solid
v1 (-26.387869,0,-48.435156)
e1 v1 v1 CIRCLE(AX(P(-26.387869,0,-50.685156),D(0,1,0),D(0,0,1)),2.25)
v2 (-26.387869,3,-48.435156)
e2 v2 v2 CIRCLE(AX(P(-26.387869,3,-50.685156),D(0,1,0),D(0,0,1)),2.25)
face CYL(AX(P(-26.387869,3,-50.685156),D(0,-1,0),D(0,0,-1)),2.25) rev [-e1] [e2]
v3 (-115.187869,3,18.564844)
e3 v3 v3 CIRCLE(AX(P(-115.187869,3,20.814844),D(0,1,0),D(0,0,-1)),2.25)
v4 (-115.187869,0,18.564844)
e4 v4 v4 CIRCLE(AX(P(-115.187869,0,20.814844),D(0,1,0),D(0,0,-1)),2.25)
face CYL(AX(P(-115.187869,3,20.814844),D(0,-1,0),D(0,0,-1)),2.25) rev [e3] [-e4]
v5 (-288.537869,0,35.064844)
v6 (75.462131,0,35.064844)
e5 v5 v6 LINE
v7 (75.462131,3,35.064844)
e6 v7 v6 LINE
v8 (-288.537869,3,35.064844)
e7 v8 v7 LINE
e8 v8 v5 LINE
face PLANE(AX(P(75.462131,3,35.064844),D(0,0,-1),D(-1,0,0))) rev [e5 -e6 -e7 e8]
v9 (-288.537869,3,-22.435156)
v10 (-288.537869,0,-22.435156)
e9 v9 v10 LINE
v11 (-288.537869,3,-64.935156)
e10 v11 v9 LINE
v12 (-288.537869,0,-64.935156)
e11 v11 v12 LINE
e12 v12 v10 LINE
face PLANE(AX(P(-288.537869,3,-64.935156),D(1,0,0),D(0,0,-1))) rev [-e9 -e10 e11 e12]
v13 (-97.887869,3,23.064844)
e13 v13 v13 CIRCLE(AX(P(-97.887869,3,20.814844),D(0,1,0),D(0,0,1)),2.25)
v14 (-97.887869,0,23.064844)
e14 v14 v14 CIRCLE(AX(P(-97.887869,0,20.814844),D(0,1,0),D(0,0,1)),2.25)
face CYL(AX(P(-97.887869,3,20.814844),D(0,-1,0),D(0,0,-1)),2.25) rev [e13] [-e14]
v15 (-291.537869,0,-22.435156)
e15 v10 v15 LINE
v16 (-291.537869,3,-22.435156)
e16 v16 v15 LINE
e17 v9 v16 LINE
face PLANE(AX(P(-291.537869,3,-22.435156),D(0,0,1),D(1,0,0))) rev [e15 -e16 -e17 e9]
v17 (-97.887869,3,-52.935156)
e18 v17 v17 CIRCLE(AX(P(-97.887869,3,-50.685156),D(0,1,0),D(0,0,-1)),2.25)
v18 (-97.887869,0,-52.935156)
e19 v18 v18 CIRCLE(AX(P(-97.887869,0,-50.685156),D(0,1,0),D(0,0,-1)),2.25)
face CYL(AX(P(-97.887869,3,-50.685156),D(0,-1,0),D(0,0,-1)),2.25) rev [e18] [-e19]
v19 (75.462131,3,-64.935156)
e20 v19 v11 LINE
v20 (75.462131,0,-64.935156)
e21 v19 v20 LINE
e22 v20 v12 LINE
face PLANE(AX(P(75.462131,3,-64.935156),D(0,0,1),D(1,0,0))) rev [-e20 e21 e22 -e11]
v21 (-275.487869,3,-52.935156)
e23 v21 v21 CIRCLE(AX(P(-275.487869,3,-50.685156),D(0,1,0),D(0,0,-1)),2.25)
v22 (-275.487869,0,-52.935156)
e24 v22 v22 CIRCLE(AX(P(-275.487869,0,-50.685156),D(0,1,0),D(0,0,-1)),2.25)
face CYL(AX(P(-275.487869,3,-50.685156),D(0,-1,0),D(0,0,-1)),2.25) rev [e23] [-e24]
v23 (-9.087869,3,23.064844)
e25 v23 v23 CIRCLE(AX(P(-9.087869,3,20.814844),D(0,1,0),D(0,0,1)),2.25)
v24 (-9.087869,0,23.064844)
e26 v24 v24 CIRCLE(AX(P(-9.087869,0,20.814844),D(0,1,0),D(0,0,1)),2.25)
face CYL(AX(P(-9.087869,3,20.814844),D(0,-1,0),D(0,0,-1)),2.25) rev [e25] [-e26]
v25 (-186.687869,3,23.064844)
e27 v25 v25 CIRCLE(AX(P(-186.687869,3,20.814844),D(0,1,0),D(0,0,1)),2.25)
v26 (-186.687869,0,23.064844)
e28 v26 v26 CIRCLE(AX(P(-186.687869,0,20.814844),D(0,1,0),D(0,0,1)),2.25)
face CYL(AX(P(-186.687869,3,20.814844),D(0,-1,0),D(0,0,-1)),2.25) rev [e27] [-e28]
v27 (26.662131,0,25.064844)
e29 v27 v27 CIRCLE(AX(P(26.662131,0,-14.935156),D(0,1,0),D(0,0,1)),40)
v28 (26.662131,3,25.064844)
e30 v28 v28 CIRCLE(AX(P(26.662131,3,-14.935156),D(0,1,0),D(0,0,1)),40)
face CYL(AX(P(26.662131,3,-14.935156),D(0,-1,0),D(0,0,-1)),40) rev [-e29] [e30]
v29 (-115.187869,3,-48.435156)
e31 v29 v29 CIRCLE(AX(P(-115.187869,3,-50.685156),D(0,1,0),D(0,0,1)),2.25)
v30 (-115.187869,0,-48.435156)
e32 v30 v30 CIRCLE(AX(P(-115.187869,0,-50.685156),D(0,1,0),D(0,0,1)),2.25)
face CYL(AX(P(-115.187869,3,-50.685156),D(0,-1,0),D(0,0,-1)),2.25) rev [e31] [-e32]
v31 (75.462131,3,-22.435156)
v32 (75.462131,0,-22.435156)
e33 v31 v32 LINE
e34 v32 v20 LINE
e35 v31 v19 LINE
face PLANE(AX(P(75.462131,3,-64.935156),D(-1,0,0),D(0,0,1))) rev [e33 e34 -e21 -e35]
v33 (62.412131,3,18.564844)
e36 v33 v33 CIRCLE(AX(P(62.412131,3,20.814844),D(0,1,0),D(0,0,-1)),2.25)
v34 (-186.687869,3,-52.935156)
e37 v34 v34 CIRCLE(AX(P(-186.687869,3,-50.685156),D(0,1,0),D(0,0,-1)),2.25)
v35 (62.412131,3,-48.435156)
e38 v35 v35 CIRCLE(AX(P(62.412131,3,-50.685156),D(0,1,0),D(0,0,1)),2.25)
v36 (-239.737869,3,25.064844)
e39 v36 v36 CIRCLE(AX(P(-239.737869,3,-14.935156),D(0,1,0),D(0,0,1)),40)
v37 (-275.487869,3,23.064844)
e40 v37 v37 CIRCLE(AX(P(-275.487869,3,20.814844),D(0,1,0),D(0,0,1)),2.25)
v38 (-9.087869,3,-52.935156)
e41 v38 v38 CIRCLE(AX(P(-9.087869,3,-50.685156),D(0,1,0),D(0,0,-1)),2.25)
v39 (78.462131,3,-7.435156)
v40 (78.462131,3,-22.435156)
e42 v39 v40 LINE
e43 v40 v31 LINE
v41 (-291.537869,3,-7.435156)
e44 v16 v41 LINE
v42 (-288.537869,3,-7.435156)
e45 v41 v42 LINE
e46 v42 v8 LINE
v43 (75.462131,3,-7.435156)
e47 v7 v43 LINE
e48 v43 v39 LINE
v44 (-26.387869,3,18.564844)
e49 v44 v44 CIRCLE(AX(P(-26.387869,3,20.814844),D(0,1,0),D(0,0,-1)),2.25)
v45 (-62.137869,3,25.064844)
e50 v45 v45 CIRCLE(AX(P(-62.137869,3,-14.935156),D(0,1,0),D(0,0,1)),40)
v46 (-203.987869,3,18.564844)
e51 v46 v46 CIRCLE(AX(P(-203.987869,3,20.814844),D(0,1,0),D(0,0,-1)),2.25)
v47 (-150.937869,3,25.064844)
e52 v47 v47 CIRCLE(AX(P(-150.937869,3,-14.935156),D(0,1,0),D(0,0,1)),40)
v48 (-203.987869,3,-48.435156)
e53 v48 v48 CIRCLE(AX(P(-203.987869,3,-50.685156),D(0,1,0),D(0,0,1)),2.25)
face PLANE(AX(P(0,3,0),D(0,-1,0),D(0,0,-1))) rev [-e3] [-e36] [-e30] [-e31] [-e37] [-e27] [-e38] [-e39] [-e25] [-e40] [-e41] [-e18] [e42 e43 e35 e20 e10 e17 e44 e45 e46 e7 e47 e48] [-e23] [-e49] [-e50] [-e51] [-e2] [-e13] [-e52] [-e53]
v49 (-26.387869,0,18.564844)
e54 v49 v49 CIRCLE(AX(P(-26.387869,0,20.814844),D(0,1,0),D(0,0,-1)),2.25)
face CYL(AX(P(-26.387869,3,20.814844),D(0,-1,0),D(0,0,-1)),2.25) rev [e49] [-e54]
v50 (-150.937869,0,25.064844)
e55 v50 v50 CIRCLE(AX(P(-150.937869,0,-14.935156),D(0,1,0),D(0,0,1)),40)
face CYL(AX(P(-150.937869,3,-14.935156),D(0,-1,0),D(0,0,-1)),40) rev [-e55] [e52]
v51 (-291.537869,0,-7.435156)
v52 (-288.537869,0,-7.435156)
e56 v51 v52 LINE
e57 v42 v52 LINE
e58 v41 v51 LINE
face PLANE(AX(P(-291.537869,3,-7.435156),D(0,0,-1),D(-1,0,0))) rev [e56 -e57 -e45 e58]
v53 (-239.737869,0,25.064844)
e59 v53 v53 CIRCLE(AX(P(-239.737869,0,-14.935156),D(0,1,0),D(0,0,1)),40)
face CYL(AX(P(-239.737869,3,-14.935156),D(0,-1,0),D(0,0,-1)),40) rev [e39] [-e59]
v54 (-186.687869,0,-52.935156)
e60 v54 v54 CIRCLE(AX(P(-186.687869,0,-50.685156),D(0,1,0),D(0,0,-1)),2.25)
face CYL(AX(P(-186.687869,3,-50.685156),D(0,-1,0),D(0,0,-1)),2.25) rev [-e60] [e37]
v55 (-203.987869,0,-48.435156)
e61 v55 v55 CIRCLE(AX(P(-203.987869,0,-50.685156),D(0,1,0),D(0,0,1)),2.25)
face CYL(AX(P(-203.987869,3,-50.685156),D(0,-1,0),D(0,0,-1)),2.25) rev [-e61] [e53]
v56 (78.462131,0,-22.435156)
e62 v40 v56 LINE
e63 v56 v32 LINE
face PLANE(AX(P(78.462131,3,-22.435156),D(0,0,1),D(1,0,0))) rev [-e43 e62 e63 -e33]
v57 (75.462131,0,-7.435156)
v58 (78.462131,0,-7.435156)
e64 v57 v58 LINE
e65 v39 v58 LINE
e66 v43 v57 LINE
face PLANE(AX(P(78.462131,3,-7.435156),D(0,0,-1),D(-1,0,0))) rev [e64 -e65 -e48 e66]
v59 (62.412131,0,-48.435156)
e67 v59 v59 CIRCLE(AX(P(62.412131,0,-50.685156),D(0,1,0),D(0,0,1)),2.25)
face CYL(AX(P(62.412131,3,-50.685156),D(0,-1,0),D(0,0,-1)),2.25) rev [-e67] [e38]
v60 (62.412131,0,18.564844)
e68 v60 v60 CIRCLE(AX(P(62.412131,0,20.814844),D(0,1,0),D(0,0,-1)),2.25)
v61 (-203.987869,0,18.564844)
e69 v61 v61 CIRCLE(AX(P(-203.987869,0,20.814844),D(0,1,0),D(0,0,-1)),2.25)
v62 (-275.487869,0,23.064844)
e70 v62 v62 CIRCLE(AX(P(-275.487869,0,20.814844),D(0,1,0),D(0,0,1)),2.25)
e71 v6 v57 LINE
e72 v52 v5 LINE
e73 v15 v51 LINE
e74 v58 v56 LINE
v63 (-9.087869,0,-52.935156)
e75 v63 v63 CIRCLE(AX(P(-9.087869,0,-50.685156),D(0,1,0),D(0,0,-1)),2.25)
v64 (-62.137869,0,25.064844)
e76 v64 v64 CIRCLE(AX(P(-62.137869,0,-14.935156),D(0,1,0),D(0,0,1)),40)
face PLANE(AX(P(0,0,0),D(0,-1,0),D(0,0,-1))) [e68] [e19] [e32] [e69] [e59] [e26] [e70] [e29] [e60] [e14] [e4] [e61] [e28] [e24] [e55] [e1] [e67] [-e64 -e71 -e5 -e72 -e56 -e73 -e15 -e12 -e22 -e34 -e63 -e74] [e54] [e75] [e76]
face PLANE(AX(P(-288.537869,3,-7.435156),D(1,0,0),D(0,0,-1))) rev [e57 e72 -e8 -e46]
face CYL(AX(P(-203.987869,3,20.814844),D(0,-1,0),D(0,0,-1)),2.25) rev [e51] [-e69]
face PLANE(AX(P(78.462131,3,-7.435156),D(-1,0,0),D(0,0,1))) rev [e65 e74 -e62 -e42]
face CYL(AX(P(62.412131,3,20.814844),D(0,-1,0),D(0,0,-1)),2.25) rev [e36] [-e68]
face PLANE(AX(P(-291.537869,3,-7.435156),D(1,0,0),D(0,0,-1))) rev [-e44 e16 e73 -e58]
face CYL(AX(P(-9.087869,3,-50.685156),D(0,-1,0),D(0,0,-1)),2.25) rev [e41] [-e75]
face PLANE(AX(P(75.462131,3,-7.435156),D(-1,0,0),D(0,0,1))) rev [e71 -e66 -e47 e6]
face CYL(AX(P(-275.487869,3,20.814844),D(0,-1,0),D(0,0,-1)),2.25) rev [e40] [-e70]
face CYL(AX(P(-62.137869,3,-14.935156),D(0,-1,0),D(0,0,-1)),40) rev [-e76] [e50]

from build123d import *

# Parameters (mm, degrees)
SKETCH1_R           = 40
SKETCH1_R_2         = 2.25
BOSS_EXTRUDE1_DEPTH = 3


with BuildPart() as part:
    # Sketch1 → Boss-Extrude1 (new body)
    with BuildSketch(Plane(origin=(0, 0, 0), x_dir=(1, 0, 0), z_dir=(0, 1, 0))):
        Polygon((75.462130999, 64.93515636), (-288.537869001, 64.93515636), (-288.537869001, 22.43515636), (-291.537869001, 22.43515636), (-291.537869001, 7.43515636), (-288.537869001, 7.43515636), (-288.537869001, -35.06484364), (75.462130999, -35.06484364), (75.462130999, 7.43515636), (78.462130999, 7.43515636), (78.462130999, 22.43515636), (75.462130999, 22.43515636), align=None)
        with Locations(Location((-239.737869001, 14.93515636, 0), (0, 0, 270))):
            Circle(SKETCH1_R, mode=Mode.SUBTRACT)
        with Locations(Location((-203.987869001, 50.68515636, 0), (0, 0, 270))):
            Circle(SKETCH1_R_2, mode=Mode.SUBTRACT)
        with Locations(Location((-203.987869001, -20.81484364, 0), (0, 0, 90))):
            Circle(SKETCH1_R_2, mode=Mode.SUBTRACT)
        with Locations(Location((-275.487869001, -20.81484364, 0), (0, 0, 270))):
            Circle(SKETCH1_R_2, mode=Mode.SUBTRACT)
        with Locations(Location((-275.487869001, 50.68515636, 0), (0, 0, 90))):
            Circle(SKETCH1_R_2, mode=Mode.SUBTRACT)
        with Locations(Location((-186.687869001, 50.68515636, 0), (0, 0, 90))):
            Circle(SKETCH1_R_2, mode=Mode.SUBTRACT)
        with Locations(Location((-150.937869001, 14.93515636, 0), (0, 0, 270))):
            Circle(SKETCH1_R, mode=Mode.SUBTRACT)
        with Locations(Location((-115.187869001, 50.68515636, 0), (0, 0, 270))):
            Circle(SKETCH1_R_2, mode=Mode.SUBTRACT)
        with Locations(Location((-186.687869001, -20.81484364, 0), (0, 0, 270))):
            Circle(SKETCH1_R_2, mode=Mode.SUBTRACT)
        with Locations(Location((-115.187869001, -20.81484364, 0), (0, 0, 90))):
            Circle(SKETCH1_R_2, mode=Mode.SUBTRACT)
        with Locations(Location((-97.887869001, 50.68515636, 0), (0, 0, 90))):
            Circle(SKETCH1_R_2, mode=Mode.SUBTRACT)
        with Locations(Location((-62.137869001, 14.93515636, 0), (0, 0, 270))):
            Circle(SKETCH1_R, mode=Mode.SUBTRACT)
        with Locations(Location((-26.387869001, 50.68515636, 0), (0, 0, 270))):
            Circle(SKETCH1_R_2, mode=Mode.SUBTRACT)
        with Locations(Location((-97.887869001, -20.81484364, 0), (0, 0, 270))):
            Circle(SKETCH1_R_2, mode=Mode.SUBTRACT)
        with Locations(Location((-26.387869001, -20.81484364, 0), (0, 0, 90))):
            Circle(SKETCH1_R_2, mode=Mode.SUBTRACT)
        with Locations(Location((-9.087869001, 50.68515636, 0), (0, 0, 90))):
            Circle(SKETCH1_R_2, mode=Mode.SUBTRACT)
        with Locations(Location((26.662130999, 14.93515636, 0), (0, 0, 270))):
            Circle(SKETCH1_R, mode=Mode.SUBTRACT)
        with Locations(Location((62.412130999, 50.68515636, 0), (0, 0, 270))):
            Circle(SKETCH1_R_2, mode=Mode.SUBTRACT)
        with Locations(Location((-9.087869001, -20.81484364, 0), (0, 0, 270))):
            Circle(SKETCH1_R_2, mode=Mode.SUBTRACT)
        with Locations(Location((62.412130999, -20.81484364, 0), (0, 0, 90))):
            Circle(SKETCH1_R_2, mode=Mode.SUBTRACT)
    extrude(amount=BOSS_EXTRUDE1_DEPTH)


solid = part.part
